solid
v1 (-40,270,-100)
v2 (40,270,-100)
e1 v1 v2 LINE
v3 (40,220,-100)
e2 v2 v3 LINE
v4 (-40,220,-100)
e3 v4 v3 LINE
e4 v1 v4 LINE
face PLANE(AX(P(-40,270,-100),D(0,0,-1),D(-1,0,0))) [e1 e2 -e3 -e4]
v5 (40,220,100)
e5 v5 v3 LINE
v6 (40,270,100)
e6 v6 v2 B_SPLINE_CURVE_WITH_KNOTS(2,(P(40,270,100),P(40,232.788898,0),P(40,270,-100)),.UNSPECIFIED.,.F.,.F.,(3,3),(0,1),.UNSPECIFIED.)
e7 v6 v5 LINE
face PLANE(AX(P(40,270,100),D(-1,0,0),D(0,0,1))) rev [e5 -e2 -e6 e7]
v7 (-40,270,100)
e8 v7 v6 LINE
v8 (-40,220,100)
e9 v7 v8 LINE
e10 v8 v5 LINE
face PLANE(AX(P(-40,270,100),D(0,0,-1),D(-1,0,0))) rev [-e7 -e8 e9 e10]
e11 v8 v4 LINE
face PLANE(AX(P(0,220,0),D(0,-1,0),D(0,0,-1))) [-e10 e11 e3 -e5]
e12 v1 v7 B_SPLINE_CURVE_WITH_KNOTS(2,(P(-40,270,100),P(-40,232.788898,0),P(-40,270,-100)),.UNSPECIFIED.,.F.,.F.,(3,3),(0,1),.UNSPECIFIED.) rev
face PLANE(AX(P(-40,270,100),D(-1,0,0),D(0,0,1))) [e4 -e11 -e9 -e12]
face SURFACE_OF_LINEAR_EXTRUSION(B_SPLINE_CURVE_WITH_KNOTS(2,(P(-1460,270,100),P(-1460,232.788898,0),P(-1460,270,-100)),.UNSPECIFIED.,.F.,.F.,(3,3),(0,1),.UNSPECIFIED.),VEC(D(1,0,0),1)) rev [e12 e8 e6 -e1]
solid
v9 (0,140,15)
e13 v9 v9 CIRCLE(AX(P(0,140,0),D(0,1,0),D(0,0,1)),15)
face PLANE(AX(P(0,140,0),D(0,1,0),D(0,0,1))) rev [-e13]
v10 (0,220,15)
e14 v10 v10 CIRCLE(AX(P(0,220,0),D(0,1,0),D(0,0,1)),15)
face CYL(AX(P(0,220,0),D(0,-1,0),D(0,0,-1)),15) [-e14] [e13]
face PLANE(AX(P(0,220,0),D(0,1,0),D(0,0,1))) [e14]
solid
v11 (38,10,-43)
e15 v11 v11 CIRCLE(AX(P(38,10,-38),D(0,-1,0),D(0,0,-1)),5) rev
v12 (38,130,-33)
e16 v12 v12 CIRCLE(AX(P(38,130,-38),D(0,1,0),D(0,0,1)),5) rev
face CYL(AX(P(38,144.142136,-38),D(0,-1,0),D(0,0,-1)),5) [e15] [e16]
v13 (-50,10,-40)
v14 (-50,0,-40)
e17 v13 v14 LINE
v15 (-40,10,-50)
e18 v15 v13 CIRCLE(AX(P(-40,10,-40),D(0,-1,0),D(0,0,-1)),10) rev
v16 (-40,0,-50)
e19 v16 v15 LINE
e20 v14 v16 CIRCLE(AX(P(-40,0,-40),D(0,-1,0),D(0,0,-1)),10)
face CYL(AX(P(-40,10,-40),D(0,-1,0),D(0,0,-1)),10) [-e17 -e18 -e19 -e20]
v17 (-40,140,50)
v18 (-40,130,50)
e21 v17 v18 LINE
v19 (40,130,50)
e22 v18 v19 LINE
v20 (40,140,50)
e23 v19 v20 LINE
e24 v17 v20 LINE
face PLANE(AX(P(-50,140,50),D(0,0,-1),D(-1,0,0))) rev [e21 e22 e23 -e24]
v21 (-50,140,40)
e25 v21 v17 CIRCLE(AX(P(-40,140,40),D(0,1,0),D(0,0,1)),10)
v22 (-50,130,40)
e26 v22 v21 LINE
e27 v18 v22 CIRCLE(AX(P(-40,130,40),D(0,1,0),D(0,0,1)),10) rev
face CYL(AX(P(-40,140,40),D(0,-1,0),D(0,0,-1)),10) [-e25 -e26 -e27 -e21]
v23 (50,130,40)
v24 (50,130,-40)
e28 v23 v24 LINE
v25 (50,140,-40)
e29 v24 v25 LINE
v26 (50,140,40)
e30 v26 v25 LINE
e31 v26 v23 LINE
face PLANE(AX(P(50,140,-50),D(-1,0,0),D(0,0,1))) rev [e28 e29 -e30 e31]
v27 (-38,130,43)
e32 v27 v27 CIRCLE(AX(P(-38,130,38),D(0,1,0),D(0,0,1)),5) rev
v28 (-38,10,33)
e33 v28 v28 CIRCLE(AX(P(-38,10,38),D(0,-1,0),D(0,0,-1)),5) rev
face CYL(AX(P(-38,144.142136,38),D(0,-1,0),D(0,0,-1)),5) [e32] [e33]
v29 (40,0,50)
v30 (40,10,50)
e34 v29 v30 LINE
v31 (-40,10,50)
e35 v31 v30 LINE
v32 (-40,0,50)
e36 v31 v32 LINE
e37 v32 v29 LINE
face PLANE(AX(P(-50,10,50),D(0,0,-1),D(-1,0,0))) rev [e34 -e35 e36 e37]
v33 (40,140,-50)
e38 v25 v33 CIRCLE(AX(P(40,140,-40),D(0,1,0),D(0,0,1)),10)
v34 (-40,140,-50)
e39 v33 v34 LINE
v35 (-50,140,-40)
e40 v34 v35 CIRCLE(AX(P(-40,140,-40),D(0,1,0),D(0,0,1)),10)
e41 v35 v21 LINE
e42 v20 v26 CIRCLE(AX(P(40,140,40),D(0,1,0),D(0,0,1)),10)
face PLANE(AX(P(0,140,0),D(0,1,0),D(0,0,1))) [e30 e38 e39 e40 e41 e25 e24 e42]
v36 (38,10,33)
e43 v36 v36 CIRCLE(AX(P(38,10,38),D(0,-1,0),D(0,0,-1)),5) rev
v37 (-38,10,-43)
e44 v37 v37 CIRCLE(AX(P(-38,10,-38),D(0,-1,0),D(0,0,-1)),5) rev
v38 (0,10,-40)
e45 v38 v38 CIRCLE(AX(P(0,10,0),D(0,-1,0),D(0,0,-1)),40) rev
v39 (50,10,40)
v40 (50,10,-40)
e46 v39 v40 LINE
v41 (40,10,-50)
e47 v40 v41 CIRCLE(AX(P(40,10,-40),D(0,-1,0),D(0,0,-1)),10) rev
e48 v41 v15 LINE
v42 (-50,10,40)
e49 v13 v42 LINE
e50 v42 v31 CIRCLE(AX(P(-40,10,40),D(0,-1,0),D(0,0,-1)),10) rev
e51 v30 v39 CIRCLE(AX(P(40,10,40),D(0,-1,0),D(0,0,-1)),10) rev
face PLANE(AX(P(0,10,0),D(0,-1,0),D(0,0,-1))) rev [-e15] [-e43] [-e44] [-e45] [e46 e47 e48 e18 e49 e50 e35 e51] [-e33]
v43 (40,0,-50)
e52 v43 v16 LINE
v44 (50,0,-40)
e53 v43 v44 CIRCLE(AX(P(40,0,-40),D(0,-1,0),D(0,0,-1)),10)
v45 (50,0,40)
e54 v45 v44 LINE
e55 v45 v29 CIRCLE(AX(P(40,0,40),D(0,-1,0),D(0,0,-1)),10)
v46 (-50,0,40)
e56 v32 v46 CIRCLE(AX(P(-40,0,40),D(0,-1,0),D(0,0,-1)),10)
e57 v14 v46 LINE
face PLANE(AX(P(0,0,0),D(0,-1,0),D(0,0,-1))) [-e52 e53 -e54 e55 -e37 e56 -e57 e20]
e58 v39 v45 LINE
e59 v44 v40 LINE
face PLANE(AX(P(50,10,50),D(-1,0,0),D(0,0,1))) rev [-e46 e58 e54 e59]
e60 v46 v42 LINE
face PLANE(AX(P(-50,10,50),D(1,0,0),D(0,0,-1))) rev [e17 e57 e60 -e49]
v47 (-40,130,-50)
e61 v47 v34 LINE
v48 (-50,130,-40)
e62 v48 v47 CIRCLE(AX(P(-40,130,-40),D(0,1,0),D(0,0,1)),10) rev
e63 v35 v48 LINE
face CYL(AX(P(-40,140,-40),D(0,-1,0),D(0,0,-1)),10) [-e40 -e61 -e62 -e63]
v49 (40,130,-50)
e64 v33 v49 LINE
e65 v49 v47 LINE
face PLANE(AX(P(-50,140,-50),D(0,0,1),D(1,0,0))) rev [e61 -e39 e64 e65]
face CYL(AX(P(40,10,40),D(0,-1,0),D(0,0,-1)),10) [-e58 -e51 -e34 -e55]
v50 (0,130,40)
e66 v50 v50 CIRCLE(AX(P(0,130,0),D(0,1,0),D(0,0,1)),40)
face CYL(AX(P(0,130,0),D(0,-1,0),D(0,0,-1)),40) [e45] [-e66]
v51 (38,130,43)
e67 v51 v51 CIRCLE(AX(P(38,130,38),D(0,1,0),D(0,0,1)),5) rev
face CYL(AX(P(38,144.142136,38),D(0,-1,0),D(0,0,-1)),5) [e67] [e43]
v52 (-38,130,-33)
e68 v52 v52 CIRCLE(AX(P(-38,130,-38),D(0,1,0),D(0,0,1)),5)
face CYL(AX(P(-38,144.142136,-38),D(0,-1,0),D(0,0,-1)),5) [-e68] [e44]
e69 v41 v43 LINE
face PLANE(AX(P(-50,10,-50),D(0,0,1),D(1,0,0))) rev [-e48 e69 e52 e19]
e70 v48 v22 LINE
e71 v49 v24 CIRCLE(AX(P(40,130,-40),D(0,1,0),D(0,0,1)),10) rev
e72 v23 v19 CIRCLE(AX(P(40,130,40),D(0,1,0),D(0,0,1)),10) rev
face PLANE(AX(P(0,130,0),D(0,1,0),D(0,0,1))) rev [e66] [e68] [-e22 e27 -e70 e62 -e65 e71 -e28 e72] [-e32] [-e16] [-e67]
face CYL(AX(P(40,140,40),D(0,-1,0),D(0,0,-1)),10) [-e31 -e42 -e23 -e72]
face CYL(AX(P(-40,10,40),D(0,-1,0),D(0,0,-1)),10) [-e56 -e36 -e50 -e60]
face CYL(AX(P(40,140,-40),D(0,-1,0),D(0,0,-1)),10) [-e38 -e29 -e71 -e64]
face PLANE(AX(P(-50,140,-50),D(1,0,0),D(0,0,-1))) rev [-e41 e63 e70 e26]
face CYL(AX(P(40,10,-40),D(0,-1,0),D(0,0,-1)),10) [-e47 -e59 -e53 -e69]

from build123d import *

# Parameters (mm, degrees)
SKETCH1_W           = 100
SKETCH1_H           = 100
BOSS_EXTRUDE1_DEPTH = 10
SKETCH2_R           = 40
BOSS_EXTRUDE2_DEPTH = 120
SKETCH3_W           = 100
SKETCH3_H           = 100
BOSS_EXTRUDE3_DEPTH = 10
SKETCH4_R           = 15
BOSS_EXTRUDE4_DEPTH = 80
SKETCH5_R           = 5
BOSS_EXTRUDE5_DEPTH = 120
FILLET1_R           = 10
SKETCH6_W           = 80
SKETCH6_H           = 200
BOSS_EXTRUDE6_DEPTH = 50
CUT_EXTRUDE3_DEPTH  = 1500


with BuildPart() as part:
    # Sketch1 → Boss-Extrude1 (new body)
    with BuildSketch(Plane(origin=(0, 0, 0), x_dir=(1, 0, 0), z_dir=(0, 1, 0))):
        Rectangle(SKETCH1_W, SKETCH1_H)
    extrude(amount=BOSS_EXTRUDE1_DEPTH)



with BuildPart() as body_2:
    # Sketch2 → Boss-Extrude2 (new body)
    with BuildSketch(Plane(origin=(0, 10, 0), x_dir=(1, 0, 0), z_dir=(0, 1, 0))):
        with Locations(Location((0, 0, 0), (0, 0, 270))):
            Circle(SKETCH2_R)
    extrude(amount=BOSS_EXTRUDE2_DEPTH)


with BuildPart() as body_3:
    # Sketch3 → Boss-Extrude3 (new body)
    with BuildSketch(Plane(origin=(0, 130, 0), x_dir=(1, 0, 0), z_dir=(0, 1, 0))):
        Rectangle(SKETCH3_W, SKETCH3_H)
    extrude(amount=BOSS_EXTRUDE3_DEPTH)


with BuildPart() as body_4:
    # Sketch4 → Boss-Extrude4 (new body)
    with BuildSketch(Plane(origin=(0, 140, 0), x_dir=(1, 0, 0), z_dir=(0, 1, 0))):
        with Locations(Location((0, 0, 0), (0, 0, 270))):
            Circle(SKETCH4_R)
    extrude(amount=BOSS_EXTRUDE4_DEPTH)


with BuildPart() as part_1:
    add(part.part)

    add(body_2.part)  # Boss-Extrude5 merges body 2

    add(body_3.part)  # Boss-Extrude5 merges body 3
    # Sketch5 → Boss-Extrude5 (add)
    with BuildSketch(Plane(origin=(0, 10, 0), x_dir=(1, 0, 0), z_dir=(0, 1, 0))):
        with Locations(Location((-38, 38, 0), (0, 0, 90))):
            Circle(SKETCH5_R)
        with Locations(Location((38, 38, 0), (0, 0, 90))):
            Circle(SKETCH5_R)
        with Locations(Location((38, -38, 0), (0, 0, 90))):
            Circle(SKETCH5_R)
        with Locations(Location((-38, -38, 0), (0, 0, 90))):
            Circle(SKETCH5_R)
    extrude(amount=BOSS_EXTRUDE5_DEPTH)

    # Fillet1
    fillet1_edges = [part_1.edges().sort_by_distance(p)[0] for p in [
        (-50, 135, -50),
        (-50, 135, 50),
        (50, 135, 50),
        (50, 135, -50),
        (50, 5, 50),
        (-50, 5, 50),
        (-50, 5, -50),
        (50, 5, -50),
    ]]
    fillet(fillet1_edges, radius=FILLET1_R)


with BuildPart() as body_3_2:
    # Sketch6 → Boss-Extrude6 (new body)
    with BuildSketch(Plane(origin=(0, 220, 0), x_dir=(1, 0, 0), z_dir=(0, 1, 0))):
        Rectangle(SKETCH6_W, SKETCH6_H)
    extrude(amount=BOSS_EXTRUDE6_DEPTH)

    # Sketch7 → Cut-Extrude3 (cut)
    with BuildSketch(Plane(origin=(40, 0, 0), x_dir=(0, 0, -1), z_dir=(1, 0, 0))):
        with BuildLine():
            Line((-100, 270), (100, 270))
            add(Edge.make_bspline(
                [(-100, 270), (0, 232.788897751), (100, 270)],
                knots=[0, 0, 0, 1, 1, 1], degree=2))
        make_face()
    extrude(amount=-CUT_EXTRUDE3_DEPTH, mode=Mode.SUBTRACT)


solid = Compound([body_4.part, part_1.part, body_3_2.part])
